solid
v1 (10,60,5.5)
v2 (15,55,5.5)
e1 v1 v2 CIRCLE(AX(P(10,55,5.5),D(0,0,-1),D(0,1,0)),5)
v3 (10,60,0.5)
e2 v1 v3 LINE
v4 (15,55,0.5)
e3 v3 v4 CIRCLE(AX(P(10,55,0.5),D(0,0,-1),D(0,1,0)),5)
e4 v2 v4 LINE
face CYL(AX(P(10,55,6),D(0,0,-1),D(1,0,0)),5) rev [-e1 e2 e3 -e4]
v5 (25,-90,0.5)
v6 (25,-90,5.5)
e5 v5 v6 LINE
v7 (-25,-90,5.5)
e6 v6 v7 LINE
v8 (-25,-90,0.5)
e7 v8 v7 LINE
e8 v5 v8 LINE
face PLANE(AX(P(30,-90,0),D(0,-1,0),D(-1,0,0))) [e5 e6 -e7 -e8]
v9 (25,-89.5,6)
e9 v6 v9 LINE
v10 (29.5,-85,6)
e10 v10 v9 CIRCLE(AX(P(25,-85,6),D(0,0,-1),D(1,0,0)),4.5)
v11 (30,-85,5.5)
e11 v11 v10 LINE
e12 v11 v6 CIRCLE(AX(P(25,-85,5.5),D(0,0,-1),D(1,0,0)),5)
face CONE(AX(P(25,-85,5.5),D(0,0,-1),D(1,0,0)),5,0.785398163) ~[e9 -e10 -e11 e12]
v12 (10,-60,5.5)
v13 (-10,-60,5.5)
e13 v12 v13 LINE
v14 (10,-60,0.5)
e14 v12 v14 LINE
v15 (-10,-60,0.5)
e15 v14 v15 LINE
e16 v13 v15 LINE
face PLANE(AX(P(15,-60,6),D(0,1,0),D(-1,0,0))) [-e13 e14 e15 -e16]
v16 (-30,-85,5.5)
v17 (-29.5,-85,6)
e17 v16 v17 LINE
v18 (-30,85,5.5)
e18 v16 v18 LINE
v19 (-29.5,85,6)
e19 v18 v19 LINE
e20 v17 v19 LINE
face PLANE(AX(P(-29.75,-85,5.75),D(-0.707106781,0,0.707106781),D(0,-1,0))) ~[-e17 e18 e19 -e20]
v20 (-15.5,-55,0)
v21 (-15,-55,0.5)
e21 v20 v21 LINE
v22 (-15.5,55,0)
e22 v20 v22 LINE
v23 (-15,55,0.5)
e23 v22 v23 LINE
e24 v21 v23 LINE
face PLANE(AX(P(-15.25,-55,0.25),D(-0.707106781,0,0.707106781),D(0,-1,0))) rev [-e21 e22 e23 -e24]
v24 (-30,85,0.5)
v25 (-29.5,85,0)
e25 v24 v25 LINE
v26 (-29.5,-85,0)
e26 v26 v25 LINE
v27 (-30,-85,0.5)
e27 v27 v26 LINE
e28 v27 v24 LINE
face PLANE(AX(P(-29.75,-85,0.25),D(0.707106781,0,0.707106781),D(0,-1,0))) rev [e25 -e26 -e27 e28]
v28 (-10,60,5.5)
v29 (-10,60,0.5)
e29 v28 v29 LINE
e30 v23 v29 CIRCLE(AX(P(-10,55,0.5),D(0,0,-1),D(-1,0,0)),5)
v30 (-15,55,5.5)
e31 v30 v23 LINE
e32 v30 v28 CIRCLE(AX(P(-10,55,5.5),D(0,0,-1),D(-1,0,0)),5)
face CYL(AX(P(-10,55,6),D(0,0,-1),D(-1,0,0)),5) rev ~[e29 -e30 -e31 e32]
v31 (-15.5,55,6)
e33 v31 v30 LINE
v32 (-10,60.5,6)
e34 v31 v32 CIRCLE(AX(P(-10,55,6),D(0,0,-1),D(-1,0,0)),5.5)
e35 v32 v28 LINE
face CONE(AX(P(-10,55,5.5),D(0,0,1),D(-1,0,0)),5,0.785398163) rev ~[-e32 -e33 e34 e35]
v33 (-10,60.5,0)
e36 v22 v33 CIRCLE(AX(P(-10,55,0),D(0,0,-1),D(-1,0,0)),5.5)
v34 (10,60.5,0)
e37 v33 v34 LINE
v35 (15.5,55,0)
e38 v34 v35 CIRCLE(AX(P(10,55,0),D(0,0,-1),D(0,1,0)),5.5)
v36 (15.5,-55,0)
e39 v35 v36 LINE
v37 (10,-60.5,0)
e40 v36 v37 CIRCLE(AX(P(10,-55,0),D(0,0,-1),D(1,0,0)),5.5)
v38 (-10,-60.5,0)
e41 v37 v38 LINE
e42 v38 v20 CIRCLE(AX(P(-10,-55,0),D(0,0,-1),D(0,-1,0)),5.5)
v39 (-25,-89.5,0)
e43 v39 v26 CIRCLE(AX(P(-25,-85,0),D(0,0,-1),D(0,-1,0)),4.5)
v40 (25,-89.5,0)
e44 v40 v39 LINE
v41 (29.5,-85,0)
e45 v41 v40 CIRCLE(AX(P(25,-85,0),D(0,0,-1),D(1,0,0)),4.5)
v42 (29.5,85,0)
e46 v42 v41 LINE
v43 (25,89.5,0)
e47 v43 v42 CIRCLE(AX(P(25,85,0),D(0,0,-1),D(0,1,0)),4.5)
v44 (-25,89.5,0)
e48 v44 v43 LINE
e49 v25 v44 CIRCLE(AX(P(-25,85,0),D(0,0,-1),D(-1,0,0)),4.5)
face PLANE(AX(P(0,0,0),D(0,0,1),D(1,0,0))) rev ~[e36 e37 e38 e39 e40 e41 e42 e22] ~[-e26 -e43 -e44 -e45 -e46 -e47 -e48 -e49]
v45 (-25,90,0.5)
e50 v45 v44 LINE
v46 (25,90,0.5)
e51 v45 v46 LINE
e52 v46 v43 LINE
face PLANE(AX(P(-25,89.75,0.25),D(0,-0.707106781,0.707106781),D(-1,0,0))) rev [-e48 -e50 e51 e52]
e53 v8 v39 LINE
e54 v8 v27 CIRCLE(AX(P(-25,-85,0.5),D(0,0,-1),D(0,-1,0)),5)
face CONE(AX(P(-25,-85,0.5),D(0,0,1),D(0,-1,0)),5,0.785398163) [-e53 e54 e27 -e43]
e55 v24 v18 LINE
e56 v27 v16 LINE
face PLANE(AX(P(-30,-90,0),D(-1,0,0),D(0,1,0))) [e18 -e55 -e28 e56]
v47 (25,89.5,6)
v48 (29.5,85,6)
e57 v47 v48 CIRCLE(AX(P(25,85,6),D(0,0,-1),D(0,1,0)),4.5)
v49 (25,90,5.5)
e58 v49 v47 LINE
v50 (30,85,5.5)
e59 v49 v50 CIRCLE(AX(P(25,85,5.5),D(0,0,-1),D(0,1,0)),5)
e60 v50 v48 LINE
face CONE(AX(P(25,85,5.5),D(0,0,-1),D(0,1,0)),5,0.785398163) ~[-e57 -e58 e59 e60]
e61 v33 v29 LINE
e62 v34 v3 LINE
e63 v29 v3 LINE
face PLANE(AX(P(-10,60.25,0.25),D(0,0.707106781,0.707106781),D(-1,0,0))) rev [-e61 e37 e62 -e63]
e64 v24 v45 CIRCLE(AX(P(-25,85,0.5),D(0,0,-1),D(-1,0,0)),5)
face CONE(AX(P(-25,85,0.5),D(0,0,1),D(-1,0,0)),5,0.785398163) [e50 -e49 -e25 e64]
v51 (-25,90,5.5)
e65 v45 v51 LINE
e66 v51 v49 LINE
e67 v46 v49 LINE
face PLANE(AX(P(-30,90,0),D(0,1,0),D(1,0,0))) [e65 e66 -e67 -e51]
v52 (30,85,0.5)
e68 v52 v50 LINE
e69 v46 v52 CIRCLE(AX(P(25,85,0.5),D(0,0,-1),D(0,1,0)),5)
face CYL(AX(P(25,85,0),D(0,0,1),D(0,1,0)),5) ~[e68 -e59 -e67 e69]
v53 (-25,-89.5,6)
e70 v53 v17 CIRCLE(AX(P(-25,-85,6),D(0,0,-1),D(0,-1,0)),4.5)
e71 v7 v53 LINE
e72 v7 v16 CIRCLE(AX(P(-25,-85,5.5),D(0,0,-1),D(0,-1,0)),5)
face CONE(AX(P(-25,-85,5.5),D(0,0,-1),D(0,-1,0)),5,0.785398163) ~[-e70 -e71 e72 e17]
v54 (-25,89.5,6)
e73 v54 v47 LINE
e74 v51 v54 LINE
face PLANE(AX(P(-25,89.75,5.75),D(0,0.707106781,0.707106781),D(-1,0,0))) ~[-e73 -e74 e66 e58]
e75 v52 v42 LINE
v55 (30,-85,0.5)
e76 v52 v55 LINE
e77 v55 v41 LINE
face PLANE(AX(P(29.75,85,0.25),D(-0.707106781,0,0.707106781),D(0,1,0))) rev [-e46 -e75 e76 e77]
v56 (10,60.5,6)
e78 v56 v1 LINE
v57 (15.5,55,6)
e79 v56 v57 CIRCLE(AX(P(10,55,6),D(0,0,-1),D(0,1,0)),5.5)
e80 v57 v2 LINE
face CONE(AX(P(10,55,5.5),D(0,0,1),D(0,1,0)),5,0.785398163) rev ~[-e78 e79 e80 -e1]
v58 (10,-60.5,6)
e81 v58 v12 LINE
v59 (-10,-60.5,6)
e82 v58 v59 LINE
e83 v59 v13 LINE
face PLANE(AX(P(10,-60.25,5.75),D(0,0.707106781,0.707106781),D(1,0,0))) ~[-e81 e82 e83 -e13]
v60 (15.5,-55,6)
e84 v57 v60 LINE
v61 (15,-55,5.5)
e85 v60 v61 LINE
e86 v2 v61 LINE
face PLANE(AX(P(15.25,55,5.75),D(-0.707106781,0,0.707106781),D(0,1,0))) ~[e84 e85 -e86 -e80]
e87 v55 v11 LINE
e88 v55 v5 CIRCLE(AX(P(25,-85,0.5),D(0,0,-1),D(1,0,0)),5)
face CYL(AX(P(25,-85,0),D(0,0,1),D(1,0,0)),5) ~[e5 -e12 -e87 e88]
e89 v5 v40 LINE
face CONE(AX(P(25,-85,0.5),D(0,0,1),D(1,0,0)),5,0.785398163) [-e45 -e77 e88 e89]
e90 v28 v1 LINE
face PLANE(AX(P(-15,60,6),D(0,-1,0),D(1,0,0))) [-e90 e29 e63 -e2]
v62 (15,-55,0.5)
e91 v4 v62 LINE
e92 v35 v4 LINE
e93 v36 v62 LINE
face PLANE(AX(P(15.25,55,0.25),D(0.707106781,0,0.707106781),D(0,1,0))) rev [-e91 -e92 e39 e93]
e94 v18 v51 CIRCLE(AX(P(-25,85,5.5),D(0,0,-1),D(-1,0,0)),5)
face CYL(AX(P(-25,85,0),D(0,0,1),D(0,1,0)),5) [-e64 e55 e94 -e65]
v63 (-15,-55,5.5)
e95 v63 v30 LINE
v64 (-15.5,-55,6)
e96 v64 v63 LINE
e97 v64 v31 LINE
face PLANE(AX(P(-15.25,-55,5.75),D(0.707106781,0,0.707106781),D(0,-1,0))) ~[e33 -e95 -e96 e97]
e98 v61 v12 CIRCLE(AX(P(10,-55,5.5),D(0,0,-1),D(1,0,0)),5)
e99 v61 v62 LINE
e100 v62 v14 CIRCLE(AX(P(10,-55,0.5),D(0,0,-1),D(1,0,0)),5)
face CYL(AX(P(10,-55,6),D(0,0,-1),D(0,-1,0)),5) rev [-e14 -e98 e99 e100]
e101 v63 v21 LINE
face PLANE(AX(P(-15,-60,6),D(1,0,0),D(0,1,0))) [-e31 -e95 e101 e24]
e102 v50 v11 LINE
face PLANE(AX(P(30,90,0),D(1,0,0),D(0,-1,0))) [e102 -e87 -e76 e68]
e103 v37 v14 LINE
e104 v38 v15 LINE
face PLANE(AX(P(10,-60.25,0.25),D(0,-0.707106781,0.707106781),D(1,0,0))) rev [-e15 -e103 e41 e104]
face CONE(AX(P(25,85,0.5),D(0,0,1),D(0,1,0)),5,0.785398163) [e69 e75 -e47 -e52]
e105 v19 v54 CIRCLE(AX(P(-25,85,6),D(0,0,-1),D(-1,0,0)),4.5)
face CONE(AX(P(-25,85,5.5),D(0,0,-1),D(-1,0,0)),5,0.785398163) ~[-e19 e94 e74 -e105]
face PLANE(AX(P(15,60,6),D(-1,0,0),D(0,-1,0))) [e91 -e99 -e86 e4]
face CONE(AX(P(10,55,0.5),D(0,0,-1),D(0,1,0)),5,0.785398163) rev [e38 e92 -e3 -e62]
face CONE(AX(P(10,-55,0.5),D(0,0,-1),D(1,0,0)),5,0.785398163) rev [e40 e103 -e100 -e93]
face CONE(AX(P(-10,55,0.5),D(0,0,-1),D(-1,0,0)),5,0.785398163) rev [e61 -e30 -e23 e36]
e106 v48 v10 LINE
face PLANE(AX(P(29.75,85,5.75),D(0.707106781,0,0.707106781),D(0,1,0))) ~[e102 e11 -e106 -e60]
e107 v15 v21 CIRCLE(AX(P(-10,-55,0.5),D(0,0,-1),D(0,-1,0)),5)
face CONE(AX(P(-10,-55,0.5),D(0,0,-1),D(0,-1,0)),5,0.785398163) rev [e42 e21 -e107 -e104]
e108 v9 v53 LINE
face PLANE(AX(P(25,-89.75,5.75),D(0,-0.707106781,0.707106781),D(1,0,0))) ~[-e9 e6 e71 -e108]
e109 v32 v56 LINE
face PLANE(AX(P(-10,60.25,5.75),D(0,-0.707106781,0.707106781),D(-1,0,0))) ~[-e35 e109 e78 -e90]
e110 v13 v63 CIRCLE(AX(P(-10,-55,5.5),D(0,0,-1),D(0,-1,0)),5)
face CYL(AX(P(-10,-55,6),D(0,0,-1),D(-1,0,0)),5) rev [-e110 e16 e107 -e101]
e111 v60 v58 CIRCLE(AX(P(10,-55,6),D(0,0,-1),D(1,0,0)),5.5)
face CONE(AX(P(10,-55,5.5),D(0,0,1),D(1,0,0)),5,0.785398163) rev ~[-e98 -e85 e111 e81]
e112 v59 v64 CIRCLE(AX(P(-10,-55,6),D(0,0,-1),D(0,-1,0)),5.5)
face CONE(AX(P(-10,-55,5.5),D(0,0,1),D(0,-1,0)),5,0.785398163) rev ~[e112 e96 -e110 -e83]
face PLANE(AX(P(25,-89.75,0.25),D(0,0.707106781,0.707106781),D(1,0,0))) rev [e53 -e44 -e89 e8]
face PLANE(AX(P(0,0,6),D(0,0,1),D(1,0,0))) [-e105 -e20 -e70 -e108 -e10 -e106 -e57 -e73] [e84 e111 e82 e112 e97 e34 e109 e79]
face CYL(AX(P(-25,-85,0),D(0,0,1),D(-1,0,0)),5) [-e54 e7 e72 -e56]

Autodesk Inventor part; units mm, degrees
ref_plane "YZ Plane" through (0, 0, 0) normal (1, 0, 0) x (0, 1, 0)
ref_plane "XZ Plane" through (0, 0, 0) normal (0, 1, 0) x (-1, 0, 0)
ref_plane "XY Plane" through (0, 0, 0) normal (0, 0, 1) x (1, 0, 0)
sketch "Sketch1" plane through (0, 0, 0) normal (0, 0, 1) x (1, 0, 0)
  line L0 (-30, 90) -> (30, 90)
  line L1 (30, 90) -> (30, -90)
  line L2 (30, -90) -> (-30, -90)
  line L3 (-30, -90) -> (-30, 90)
  point P0 (0, 0)
  point P1 (30, 0)
  point P2 (0, 90)
  dimension "d0" = 60
  dimension "d1" = 180
extrude "Extrusion1" add sketch "Sketch1" along normal blind 6
sketch "Sketch4" plane through (0, 0, 6) normal (0, 0, 1) x (1, 0, 0)
  line L0 (-15, 60) -> (15, 60)
  line L1 (15, 60) -> (15, -60)
  line L2 (15, -60) -> (-15, -60)
  line L3 (-15, -60) -> (-15, 60)
  line L4 (30, -90) -> (30, 90) projected
  line L5 (30, 90) -> (-30, 90) projected
  point P0 (0, 0)
  point P1 (0, 60)
  point P2 (15, 0)
  dimension "d20" = 15
  dimension "d21" = 30
extrude "Extrusion4" cut sketch "Sketch4" against normal through all
fillet "Fillet1" radius 5 8 edges at (-30, 90, 3) (30, 90, 3) (30, -90, 3) (-30, -90, 3) (-15, 60, 3) (15, 60, 3) (15, -60, 3) (-15, -60, 3)
chamfer "Chamfer2" distance 0.5 angle 45 32 edges at (0, 90, 6) (-28.5355, 88.5355, 6) (-30, 0, 6) (-28.5355, -88.5355, 6) (0, -90, 6) (28.5355, -88.5355, 6) (30, 0, 6) (28.5355, 88.5355, 6) (0, 90, 0) (-28.5355, 88.5355, 0) (-30, 0, 0) (-28.5355, -88.5355, 0) (0, -90, 0) (28.5355, -88.5355, 0) (30, 0, 0) (28.5355, 88.5355, 0) (-15, 0, 6) (-13.5355, 58.5355, 6) (0, 60, 6) (13.5355, 58.5355, 6) (15, 0, 6) (13.5355, -58.5355, 6) (0, -60, 6) (-13.5355, -58.5355, 6) (-15, 0, 0) (-13.5355, -58.5355, 0) (0, -60, 0) (13.5355, -58.5355, 0) (15, 0, 0) (13.5355, 58.5355, 0) (0, 60, 0) (-13.5355, 58.5355, 0)
equation "\"d0\" = width"
equation "\"d1\" = hight"
equation "\"hight\" = 180"
equation "\"width\" = 60"
properties part number "tc-top-bar" material "ABS Plastic"
